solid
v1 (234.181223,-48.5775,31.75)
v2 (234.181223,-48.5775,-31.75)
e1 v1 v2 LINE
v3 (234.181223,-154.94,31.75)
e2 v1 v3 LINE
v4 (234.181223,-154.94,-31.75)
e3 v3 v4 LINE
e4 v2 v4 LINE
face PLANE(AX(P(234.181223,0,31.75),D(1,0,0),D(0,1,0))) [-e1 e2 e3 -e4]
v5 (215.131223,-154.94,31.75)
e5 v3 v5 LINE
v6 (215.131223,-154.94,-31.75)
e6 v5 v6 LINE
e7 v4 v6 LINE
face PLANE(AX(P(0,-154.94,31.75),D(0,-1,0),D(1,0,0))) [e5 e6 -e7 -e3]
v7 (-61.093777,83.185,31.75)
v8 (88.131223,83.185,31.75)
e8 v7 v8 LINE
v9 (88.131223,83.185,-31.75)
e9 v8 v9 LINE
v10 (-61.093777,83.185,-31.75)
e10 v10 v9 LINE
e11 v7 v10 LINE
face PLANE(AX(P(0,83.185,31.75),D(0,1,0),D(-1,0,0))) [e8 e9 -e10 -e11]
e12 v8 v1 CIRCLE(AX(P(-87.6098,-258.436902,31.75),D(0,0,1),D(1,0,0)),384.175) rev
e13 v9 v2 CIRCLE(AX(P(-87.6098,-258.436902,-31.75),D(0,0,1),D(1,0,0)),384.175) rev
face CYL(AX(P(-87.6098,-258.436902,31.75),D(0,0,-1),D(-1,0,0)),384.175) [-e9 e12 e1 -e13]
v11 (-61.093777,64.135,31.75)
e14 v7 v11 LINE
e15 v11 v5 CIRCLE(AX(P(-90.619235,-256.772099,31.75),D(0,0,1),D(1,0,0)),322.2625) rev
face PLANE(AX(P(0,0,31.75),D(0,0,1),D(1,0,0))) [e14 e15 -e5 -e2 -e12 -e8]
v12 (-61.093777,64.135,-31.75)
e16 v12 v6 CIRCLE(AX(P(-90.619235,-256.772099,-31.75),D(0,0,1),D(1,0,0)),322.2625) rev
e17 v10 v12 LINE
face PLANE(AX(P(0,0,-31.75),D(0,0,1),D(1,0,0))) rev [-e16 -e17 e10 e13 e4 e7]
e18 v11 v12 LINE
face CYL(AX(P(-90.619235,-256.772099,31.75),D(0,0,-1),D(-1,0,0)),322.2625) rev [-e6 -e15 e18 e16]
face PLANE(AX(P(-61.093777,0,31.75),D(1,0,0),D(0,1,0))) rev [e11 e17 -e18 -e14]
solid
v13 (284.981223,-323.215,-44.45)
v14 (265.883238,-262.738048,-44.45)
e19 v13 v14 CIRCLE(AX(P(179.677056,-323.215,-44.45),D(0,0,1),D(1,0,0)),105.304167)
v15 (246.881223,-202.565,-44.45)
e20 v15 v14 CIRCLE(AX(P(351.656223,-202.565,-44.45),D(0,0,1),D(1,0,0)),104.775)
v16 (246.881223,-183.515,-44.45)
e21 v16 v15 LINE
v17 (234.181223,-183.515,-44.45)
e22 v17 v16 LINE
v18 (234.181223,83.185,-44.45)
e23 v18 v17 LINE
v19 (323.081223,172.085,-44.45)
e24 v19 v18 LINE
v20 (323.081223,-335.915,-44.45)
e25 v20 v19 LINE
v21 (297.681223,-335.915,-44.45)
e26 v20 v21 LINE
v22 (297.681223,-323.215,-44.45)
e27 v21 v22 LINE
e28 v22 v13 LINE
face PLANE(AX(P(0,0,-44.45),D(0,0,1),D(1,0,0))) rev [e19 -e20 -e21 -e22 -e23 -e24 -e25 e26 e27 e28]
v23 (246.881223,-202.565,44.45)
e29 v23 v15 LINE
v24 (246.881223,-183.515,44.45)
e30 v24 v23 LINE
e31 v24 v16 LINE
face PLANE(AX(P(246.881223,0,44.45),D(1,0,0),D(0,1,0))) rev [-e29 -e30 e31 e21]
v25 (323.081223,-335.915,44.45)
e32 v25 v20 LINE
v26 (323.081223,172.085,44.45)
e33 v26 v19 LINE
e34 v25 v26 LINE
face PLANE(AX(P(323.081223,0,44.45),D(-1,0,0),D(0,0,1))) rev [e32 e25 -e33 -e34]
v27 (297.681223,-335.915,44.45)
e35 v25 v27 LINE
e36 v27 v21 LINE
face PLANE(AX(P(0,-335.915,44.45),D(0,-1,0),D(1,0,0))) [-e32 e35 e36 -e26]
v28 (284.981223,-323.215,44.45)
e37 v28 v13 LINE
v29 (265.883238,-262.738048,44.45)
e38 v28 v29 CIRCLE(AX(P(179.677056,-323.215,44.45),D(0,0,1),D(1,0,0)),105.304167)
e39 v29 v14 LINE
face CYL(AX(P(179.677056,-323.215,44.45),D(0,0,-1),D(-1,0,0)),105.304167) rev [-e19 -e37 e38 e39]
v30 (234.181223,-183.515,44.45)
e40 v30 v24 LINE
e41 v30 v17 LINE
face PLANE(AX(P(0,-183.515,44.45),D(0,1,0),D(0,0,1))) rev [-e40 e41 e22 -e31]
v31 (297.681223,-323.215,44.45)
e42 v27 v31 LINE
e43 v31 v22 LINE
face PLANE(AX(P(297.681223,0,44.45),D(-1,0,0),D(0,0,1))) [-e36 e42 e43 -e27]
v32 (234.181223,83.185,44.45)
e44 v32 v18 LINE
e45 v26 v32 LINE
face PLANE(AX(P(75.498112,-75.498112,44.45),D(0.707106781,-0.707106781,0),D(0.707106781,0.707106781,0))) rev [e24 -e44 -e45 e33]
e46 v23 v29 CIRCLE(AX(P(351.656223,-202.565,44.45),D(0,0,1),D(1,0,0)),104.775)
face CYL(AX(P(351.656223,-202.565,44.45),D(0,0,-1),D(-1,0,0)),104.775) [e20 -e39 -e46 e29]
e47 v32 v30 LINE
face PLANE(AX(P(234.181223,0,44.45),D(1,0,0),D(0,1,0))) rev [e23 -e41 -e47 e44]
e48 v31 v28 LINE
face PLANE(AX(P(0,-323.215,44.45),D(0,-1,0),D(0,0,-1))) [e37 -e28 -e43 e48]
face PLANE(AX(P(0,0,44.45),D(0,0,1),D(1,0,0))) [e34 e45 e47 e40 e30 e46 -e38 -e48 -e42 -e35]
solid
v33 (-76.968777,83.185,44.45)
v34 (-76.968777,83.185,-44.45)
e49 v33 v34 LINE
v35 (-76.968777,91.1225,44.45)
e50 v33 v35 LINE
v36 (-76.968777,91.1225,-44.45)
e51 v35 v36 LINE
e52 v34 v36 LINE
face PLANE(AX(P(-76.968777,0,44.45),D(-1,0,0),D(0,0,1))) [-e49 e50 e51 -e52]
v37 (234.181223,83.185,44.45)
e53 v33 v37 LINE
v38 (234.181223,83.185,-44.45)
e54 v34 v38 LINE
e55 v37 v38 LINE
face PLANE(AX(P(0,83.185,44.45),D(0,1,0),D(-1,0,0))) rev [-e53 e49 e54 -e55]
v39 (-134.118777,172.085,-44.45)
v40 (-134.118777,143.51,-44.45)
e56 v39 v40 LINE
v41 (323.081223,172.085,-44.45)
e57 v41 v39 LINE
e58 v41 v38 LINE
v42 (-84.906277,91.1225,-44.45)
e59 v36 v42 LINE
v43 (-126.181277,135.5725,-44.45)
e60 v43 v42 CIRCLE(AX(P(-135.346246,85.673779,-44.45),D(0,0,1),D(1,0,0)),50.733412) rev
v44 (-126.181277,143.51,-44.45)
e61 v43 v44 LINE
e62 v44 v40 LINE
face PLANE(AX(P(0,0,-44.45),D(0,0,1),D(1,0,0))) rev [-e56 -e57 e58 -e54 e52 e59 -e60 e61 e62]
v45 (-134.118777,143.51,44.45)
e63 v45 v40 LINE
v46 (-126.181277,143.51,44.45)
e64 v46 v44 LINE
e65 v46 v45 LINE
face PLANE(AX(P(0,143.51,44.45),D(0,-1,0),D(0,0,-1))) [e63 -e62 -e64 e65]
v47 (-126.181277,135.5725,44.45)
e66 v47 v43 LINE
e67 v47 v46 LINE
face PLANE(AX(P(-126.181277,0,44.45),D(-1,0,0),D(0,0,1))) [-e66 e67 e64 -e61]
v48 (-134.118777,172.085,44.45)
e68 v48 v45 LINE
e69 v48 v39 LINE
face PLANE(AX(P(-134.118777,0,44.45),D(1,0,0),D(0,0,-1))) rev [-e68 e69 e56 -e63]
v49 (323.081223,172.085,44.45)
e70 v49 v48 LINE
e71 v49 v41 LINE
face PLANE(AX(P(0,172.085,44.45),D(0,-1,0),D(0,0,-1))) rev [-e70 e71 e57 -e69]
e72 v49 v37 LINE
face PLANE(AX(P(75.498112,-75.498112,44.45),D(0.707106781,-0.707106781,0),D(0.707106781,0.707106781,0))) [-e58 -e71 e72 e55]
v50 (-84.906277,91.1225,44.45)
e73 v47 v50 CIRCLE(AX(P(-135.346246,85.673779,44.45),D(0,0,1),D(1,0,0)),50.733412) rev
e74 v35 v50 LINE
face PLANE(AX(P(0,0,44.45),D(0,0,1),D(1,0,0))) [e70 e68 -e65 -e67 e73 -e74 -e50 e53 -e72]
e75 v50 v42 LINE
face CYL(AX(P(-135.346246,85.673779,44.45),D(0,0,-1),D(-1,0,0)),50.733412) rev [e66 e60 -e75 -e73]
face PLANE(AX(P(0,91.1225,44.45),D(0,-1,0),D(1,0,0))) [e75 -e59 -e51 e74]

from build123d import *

# Parameters (mm, degrees)
BOSS_EXTRUDE1_DEPTH = 44.45
BOSS_EXTRUDE2_DEPTH = 31.75
BOSS_EXTRUDE3_DEPTH = 44.45


with BuildPart() as part:
    # Sketch1 → Boss-Extrude1 (new body, symmetric)
    with BuildSketch(Plane.XY):
        with BuildLine():
            Line((-126.181276984, 135.5725), (-126.181276984, 143.51))
            Line((-126.181276984, 143.51), (-134.118776984, 143.51))
            Line((-134.118776984, 143.51), (-134.118776984, 172.085))
            Line((-134.118776984, 172.085), (323.081223016, 172.085))
            Line((323.081223016, 172.085), (234.181223016, 83.185))
            Line((234.181223016, 83.185), (-76.968776984, 83.185))
            Line((-76.968776984, 83.185), (-76.968776984, 91.1225))
            Line((-76.968776984, 91.1225), (-84.906276984, 91.1225))
            ThreePointArc((-84.906276984, 91.1225), (-98.169132336, 120.195384316), (-126.181276984, 135.5725))
        make_face()
    extrude(amount=BOSS_EXTRUDE1_DEPTH, both=True)


with BuildPart() as body_2:
    # Sketch1_3 → Boss-Extrude2 (new body, symmetric)
    with BuildSketch(Plane.XY):
        with BuildLine():
            ThreePointArc((234.181223016, -48.5775), (169.73213851, 26.809584042), (88.131223016, 83.185))
            Line((88.131223016, 83.185), (-61.093776984, 83.185))
            Line((-61.093776984, 83.185), (-61.093776984, 64.135))
            ThreePointArc((-61.093776984, 64.135), (109.632978176, -4.280178276), (215.131223016, -154.94))
            Line((215.131223016, -154.94), (234.181223016, -154.94))
            Line((234.181223016, -154.94), (234.181223016, -48.5775))
        make_face()
    extrude(amount=BOSS_EXTRUDE2_DEPTH, both=True)


with BuildPart() as body_3:
    # Sketch1_4 → Boss-Extrude3 (new body, symmetric)
    with BuildSketch(Plane.XY):
        with BuildLine():
            Line((323.081223016, -335.915), (323.081223016, 172.085))
            Line((323.081223016, 172.085), (234.181223016, 83.185))
            Line((234.181223016, 83.185), (234.181223016, -183.515))
            Line((234.181223016, -183.515), (246.881223016, -183.515))
            Line((246.881223016, -183.515), (246.881223016, -202.565))
            ThreePointArc((246.881223016, -202.565), (251.744599276, -234.116039076), (265.883238129, -262.738047859))
            ThreePointArc((265.883238129, -262.738047859), (280.093284249, -291.504612242), (284.981223016, -323.215))
            Line((284.981223016, -323.215), (297.681223016, -323.215))
            Line((297.681223016, -323.215), (297.681223016, -335.915))
            Line((297.681223016, -335.915), (323.081223016, -335.915))
        make_face()
    extrude(amount=BOSS_EXTRUDE3_DEPTH, both=True)


solid = Compound([part.part, body_2.part, body_3.part])
